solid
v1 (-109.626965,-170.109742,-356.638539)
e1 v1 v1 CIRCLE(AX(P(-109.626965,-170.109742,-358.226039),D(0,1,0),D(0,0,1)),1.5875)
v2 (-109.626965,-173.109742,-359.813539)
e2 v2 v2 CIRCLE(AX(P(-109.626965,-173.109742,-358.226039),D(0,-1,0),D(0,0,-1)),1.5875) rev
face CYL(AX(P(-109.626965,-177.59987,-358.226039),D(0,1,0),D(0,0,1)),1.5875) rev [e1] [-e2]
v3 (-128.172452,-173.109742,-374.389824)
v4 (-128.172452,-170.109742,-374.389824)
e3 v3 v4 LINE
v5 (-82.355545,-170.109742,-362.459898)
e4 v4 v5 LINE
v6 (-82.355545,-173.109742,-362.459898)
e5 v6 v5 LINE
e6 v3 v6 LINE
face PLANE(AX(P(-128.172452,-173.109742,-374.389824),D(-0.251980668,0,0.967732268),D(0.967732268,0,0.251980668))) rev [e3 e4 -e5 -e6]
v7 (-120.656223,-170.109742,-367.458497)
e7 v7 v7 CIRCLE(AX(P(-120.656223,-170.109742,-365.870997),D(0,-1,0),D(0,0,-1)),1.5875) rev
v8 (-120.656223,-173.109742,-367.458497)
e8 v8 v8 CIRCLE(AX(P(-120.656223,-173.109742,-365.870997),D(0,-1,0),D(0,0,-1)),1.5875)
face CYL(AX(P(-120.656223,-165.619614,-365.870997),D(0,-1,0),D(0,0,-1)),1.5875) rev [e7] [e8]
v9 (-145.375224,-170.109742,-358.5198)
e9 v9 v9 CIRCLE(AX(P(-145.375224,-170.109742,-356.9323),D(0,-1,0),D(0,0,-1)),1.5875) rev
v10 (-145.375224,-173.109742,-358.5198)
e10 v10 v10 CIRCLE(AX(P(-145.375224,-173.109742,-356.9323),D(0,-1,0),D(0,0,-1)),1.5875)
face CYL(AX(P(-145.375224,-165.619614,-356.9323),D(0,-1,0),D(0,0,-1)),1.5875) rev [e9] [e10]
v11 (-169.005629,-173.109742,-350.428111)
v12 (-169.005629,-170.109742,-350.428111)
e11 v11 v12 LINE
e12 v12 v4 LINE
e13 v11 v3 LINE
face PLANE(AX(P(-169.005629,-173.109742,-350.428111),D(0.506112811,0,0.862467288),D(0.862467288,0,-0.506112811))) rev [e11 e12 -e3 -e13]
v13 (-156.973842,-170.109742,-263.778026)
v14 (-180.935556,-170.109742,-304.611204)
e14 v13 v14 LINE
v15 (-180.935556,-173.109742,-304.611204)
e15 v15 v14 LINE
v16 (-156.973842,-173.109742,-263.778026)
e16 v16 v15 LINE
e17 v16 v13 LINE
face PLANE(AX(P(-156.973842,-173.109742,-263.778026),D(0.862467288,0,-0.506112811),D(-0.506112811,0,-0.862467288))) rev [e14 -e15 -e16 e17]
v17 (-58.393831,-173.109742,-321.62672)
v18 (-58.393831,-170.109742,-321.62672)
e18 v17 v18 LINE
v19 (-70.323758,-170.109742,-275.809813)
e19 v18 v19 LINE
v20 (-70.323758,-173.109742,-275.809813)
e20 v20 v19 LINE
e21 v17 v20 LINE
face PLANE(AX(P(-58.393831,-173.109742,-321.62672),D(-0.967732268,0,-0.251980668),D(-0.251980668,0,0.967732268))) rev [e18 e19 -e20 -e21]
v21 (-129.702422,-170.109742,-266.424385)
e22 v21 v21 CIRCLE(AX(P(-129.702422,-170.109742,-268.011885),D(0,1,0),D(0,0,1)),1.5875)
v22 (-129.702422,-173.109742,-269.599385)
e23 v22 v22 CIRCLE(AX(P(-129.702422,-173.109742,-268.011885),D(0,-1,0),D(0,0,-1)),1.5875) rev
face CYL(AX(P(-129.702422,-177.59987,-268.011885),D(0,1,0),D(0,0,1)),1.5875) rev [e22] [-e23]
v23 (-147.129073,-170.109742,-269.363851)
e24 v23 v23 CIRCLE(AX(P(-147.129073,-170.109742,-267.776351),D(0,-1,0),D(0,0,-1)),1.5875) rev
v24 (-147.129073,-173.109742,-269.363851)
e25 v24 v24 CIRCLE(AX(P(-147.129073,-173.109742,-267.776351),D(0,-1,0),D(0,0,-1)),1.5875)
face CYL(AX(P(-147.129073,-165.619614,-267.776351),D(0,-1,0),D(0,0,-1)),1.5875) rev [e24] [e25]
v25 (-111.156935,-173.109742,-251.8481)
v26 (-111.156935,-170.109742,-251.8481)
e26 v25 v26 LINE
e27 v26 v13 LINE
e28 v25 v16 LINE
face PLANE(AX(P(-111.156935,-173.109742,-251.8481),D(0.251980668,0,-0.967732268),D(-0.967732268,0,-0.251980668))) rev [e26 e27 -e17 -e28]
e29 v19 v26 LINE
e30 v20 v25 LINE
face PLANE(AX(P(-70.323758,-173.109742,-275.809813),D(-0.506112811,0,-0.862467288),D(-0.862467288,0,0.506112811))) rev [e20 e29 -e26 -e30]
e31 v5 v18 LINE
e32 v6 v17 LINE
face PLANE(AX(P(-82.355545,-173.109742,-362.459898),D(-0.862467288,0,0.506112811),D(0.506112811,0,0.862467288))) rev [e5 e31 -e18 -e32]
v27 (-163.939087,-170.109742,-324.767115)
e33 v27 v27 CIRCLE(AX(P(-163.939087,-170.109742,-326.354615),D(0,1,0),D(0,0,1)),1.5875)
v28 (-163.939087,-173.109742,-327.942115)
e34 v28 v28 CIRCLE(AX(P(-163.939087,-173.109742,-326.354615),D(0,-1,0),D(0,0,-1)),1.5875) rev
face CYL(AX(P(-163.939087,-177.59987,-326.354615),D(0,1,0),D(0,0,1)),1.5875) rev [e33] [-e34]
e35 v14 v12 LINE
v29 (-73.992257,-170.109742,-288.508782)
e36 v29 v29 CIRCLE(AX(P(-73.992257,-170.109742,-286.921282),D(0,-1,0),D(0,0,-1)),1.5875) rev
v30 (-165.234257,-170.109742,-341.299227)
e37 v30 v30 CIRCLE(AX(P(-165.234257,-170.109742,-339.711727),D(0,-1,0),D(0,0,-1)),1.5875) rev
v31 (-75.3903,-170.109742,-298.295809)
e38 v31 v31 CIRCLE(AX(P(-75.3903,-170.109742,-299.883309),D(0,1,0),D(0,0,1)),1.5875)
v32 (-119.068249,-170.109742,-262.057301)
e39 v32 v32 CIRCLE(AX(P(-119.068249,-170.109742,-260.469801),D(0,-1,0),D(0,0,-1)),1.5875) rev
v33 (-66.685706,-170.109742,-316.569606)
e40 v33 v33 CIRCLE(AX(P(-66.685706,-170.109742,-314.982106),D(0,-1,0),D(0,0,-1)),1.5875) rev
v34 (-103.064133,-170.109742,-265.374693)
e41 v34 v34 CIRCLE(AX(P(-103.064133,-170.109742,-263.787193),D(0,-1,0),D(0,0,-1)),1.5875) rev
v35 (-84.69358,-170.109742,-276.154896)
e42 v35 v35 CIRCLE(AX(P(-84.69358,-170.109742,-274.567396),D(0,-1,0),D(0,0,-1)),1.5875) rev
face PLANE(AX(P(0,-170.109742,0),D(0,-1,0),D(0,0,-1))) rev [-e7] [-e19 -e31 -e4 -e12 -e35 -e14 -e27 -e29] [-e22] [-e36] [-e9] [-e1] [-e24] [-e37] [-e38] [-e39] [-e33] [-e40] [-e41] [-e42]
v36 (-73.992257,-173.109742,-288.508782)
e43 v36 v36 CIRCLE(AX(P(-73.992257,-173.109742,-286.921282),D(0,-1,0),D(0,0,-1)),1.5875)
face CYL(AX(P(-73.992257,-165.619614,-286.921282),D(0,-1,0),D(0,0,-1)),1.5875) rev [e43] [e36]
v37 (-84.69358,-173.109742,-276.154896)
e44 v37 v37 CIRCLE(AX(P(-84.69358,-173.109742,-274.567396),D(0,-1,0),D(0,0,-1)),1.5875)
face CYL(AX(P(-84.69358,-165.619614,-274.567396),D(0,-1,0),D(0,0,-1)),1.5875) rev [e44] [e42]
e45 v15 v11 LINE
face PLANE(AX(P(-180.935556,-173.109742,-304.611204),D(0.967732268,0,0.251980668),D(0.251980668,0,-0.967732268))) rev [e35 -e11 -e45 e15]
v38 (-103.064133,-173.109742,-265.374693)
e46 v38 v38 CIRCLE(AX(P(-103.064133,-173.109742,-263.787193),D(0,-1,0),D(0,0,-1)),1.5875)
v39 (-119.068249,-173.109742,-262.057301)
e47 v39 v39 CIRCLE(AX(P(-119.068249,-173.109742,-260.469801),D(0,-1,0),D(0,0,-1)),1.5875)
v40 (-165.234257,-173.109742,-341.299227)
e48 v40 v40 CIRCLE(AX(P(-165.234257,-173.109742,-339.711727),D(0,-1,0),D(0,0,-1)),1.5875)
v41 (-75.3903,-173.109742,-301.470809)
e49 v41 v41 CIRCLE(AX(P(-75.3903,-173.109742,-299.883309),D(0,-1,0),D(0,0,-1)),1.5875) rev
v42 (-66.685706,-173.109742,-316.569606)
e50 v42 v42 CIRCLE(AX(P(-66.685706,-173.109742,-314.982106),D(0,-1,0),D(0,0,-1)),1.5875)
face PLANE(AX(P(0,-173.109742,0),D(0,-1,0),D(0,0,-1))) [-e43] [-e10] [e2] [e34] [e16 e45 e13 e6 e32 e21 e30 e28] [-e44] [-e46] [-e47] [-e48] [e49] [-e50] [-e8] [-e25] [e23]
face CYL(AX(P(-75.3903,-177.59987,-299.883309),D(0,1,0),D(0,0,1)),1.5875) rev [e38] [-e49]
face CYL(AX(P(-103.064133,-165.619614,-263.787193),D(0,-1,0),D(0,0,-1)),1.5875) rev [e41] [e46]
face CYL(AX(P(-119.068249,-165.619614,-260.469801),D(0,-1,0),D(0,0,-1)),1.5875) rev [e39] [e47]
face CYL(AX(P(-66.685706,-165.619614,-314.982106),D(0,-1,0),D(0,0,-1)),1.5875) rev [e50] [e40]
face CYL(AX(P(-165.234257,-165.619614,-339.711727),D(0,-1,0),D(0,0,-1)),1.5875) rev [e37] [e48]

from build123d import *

# Parameters (mm, degrees)
BOSS_EXTRUDE1_DEPTH = 3
SKETCH2_R           = 1.5875
CUT_EXTRUDE1_DEPTH  = 3
SKETCH3_R           = 1.5875
CUT_EXTRUDE2_DEPTH  = 3


with BuildPart() as part:
    # Sketch1 → Boss-Extrude1 (new body)
    with BuildSketch(Plane(origin=(-113.226454214, -170.109741769, -309.439751514), x_dir=(0.890793361, 0, -0.454408614), z_dir=(0, -1, 0))):
        Polygon((16.200077076, -64.648683729), (51.592412285, -33.201987218), (54.382400165, 14.060345359), (22.935703655, 49.452680569), (-24.326628923, 52.242668449), (-59.718964132, 20.795971938), (-62.508952012, -26.466360639), (-31.062255502, -61.858695849), align=None)
    extrude(amount=BOSS_EXTRUDE1_DEPTH)

    # Sketch2 → Cut-Extrude1 (cut)
    with BuildSketch(Plane.XZ.offset(173.109741769)):
        with Locations((-145.375224309, -356.932300191)):
            Circle(SKETCH2_R)
        with Locations((-120.656222706, -365.870996639)):
            Circle(SKETCH2_R)
        with Locations((-165.234257313, -339.711726955)):
            Circle(SKETCH2_R)
        with Locations((-147.129073232, -267.776351499)):
            Circle(SKETCH2_R)
        with Locations((-119.068249233, -260.469800508)):
            Circle(SKETCH2_R)
        with Locations((-103.064133068, -263.787192741)):
            Circle(SKETCH2_R)
        with Locations((-84.693579832, -274.567395605)):
            Circle(SKETCH2_R)
        with Locations((-73.99225652, -286.921281828)):
            Circle(SKETCH2_R)
        with Locations((-66.685705529, -314.982105827)):
            Circle(SKETCH2_R)
    extrude(amount=-CUT_EXTRUDE1_DEPTH, mode=Mode.SUBTRACT)

    # Sketch3 → Cut-Extrude2 (cut)
    with BuildSketch(Plane(origin=(0, -170.109741769, 0), x_dir=(1, 0, 0), z_dir=(0, 1, 0))):
        with Locations((-163.939086588, 326.354614997)):
            Circle(SKETCH3_R)
        with Locations((-109.626964848, 358.226038945)):
            Circle(SKETCH3_R)
        with Locations((-75.39030048, 299.883308915)):
            Circle(SKETCH3_R)
        with Locations((-129.702422221, 268.011884967)):
            Circle(SKETCH3_R)
    extrude(amount=-CUT_EXTRUDE2_DEPTH, mode=Mode.SUBTRACT)


solid = part.part
